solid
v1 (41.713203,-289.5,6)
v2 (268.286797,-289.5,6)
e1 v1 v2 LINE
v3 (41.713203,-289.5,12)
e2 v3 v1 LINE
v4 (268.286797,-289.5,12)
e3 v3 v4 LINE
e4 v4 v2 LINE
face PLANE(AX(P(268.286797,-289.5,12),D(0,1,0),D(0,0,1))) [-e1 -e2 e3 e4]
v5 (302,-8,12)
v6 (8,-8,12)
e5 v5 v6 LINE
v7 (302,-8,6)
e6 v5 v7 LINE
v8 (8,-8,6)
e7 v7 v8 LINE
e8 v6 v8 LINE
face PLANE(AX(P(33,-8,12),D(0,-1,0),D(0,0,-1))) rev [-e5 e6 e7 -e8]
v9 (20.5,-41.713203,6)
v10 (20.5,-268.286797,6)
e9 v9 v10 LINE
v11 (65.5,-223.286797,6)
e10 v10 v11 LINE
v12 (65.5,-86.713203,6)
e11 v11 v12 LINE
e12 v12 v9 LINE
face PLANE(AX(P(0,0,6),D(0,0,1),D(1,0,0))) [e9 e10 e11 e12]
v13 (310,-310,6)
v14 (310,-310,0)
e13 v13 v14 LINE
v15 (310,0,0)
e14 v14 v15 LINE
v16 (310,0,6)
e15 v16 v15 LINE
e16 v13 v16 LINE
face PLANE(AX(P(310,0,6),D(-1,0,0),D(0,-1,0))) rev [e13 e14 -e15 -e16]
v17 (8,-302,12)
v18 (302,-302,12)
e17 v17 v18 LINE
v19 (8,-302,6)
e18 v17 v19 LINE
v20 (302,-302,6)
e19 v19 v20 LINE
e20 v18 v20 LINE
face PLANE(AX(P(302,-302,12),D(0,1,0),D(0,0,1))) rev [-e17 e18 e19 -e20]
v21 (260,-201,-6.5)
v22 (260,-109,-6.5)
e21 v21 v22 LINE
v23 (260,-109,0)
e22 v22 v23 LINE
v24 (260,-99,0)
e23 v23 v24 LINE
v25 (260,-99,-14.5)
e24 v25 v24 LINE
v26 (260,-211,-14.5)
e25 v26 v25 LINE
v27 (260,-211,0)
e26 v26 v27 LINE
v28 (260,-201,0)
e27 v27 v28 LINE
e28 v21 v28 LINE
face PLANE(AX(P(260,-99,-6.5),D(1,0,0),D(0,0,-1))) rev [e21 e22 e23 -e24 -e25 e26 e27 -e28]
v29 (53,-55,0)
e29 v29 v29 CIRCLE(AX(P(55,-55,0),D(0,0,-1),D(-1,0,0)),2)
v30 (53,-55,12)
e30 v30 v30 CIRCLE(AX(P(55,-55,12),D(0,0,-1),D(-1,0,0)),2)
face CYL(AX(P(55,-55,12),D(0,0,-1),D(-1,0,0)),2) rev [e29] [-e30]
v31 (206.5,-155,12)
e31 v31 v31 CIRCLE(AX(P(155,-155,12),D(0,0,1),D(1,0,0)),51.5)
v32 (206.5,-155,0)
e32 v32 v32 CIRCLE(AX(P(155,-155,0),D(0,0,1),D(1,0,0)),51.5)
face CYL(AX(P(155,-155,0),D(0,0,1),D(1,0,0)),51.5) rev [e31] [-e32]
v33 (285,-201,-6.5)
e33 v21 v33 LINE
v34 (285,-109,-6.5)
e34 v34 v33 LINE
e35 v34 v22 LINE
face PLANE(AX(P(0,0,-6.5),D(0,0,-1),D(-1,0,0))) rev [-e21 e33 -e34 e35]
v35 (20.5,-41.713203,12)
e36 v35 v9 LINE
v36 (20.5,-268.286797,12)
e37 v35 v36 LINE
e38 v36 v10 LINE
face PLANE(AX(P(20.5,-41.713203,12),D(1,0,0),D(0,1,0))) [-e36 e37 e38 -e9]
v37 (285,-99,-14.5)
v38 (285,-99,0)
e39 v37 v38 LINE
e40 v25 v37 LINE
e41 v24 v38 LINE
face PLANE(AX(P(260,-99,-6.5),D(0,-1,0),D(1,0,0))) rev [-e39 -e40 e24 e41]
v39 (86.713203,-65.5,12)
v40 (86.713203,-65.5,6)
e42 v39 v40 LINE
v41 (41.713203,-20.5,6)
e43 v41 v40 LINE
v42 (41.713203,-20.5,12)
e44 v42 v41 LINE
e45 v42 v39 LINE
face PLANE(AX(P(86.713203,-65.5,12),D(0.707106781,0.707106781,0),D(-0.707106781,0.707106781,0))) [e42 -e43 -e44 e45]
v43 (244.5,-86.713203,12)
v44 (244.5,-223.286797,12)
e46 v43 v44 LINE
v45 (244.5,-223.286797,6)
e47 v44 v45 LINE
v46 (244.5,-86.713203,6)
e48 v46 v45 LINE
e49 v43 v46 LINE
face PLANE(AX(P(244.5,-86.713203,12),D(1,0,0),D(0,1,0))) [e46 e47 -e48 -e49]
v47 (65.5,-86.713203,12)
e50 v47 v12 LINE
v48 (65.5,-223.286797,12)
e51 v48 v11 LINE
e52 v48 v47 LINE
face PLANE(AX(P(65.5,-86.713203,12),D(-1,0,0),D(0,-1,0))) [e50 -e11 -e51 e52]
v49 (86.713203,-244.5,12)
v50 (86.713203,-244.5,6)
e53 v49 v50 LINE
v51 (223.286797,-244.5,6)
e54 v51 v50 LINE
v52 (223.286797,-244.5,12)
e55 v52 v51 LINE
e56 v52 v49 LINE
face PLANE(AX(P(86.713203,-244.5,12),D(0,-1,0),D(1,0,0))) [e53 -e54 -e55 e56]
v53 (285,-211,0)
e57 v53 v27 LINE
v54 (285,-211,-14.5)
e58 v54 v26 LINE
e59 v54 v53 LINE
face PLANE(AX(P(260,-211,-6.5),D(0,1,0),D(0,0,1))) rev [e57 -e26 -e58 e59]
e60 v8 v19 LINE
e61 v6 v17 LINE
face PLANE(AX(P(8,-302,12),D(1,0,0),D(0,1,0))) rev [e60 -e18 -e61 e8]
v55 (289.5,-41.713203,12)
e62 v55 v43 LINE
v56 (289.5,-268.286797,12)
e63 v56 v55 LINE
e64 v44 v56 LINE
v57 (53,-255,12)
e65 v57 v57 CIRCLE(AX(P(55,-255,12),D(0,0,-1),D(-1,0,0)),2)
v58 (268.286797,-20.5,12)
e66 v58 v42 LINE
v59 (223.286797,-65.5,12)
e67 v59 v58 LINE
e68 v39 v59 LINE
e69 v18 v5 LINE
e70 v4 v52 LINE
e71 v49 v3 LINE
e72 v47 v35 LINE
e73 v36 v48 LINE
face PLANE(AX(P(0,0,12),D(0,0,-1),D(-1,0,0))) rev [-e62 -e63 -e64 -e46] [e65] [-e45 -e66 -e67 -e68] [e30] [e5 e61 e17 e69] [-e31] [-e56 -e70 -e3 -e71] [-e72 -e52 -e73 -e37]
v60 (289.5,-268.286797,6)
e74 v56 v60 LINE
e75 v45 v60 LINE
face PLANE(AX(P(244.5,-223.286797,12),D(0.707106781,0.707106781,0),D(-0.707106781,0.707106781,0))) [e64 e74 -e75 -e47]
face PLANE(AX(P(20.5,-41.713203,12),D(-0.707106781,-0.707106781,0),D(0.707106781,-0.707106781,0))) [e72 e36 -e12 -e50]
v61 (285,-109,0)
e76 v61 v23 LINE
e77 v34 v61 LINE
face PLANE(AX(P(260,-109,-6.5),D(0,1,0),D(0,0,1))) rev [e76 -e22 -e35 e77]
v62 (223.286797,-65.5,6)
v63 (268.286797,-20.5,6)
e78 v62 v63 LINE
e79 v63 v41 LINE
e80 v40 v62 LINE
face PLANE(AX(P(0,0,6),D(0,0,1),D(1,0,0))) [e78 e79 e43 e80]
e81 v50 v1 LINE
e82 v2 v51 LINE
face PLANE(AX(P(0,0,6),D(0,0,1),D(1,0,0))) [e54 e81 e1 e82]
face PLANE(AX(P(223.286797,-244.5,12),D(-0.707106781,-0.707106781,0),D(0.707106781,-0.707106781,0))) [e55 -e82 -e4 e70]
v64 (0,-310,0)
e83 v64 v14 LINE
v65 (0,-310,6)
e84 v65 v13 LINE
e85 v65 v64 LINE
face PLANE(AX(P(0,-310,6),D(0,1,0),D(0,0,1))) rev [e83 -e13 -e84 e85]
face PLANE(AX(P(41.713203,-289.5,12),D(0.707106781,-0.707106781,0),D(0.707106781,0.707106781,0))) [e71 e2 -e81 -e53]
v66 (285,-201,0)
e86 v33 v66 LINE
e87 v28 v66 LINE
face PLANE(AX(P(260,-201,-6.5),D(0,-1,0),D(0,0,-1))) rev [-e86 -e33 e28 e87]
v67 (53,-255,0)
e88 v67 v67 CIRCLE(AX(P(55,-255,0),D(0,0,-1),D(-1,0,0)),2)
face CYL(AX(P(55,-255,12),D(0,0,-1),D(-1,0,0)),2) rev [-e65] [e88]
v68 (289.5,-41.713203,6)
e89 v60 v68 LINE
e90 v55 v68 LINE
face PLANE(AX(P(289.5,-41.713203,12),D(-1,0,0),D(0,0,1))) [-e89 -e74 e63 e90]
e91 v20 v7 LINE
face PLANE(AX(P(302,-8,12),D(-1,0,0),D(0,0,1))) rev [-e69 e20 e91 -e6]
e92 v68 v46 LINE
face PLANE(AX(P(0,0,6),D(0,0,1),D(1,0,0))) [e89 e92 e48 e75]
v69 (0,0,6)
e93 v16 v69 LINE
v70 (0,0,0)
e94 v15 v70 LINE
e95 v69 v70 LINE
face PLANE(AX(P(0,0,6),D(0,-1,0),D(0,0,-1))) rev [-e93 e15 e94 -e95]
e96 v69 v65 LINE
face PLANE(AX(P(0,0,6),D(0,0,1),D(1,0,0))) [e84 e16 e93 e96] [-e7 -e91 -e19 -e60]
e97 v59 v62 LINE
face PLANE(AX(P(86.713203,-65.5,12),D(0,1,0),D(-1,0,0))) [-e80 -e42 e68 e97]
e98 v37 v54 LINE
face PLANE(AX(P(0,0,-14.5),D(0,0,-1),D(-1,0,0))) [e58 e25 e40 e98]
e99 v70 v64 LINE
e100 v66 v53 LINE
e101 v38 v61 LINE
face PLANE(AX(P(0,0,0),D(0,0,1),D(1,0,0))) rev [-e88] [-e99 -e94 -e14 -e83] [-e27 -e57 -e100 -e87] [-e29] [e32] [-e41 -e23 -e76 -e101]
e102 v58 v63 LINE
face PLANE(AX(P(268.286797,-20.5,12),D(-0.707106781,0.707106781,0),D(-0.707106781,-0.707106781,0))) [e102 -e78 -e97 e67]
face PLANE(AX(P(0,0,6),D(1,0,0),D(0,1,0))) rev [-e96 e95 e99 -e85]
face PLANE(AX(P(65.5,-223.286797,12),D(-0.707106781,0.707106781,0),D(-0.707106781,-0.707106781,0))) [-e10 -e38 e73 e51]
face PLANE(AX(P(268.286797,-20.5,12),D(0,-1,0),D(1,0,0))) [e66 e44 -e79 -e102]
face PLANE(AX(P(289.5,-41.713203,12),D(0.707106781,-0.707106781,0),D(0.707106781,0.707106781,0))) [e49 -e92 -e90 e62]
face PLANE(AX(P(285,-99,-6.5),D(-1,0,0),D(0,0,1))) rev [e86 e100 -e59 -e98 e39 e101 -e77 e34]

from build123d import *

# Parameters (mm, degrees)
SKETCH1_W           = 310
SKETCH1_H           = 310
BOSS_EXTRUDE1_DEPTH = 6
BOSS_EXTRUDE2_DEPTH = 6
SKETCH4_R           = 51.5
CUT_EXTRUDE1_DEPTH  = 439.570404838
SKETCH11_R          = 2
CUT_EXTRUDE5_DEPTH  = 439.570404838
SKETCH12_W          = 25
SKETCH12_H          = 10
BOSS_EXTRUDE3_DEPTH = 6.5
SKETCH13_W          = 25
SKETCH13_H          = 112
BOSS_EXTRUDE4_DEPTH = 8


with BuildPart() as part:
    # Sketch1 → Boss-Extrude1 (new body)
    with BuildSketch(Plane.XY):
        with Locations((155, -155)):
            Rectangle(SKETCH1_W, SKETCH1_H)
    extrude(amount=BOSS_EXTRUDE1_DEPTH)

    # Sketch3 → Boss-Extrude2 (add)
    with BuildSketch(Plane.XY.offset(6)):
        Polygon((302, -8), (302, -33), (302, -277), (302, -302), (277, -302), (33, -302), (8, -302), (8, -277), (8, -33), (8, -8), (33, -8), (277, -8), align=None)
        Polygon((268.286796564, -20.5), (223.286796564, -65.5), (86.713203436, -65.5), (41.713203436, -20.5), align=None, mode=Mode.SUBTRACT)
        Polygon((20.5, -41.713203436), (65.5, -86.713203436), (65.5, -223.286796564), (20.5, -268.286796564), align=None, mode=Mode.SUBTRACT)
        Polygon((41.713203436, -289.5), (86.713203436, -244.5), (223.286796564, -244.5), (268.286796564, -289.5), align=None, mode=Mode.SUBTRACT)
        Polygon((289.5, -41.713203436), (244.5, -86.713203436), (244.5, -223.286796564), (289.5, -268.286796564), align=None, mode=Mode.SUBTRACT)
    extrude(amount=BOSS_EXTRUDE2_DEPTH)

    # Sketch4 → Cut-Extrude1 (cut, through all)
    with BuildSketch(Plane.XY.offset(12)):
        with Locations((155, -155)):
            Circle(SKETCH4_R)
    extrude(amount=-CUT_EXTRUDE1_DEPTH, mode=Mode.SUBTRACT)

    # Sketch11 → Cut-Extrude5 (cut, through all)
    with BuildSketch(Plane(origin=(0, 0, 0), x_dir=(-1, 0, 0), z_dir=(0, 0, -1))):
        with Locations((-55, -55)):
            Circle(SKETCH11_R)
        with Locations((-55, -255)):
            Circle(SKETCH11_R)
    extrude(amount=-CUT_EXTRUDE5_DEPTH, mode=Mode.SUBTRACT)

    # Sketch12 → Boss-Extrude3 (add)
    with BuildSketch(Plane(origin=(0, 0, 0), x_dir=(-1, 0, 0), z_dir=(0, 0, -1))):
        with Locations((-272.5, -104)):
            Rectangle(SKETCH12_W, SKETCH12_H)
        with Locations((-272.5, -206)):
            Rectangle(SKETCH12_W, SKETCH12_H)
    extrude(amount=BOSS_EXTRUDE3_DEPTH)

    # Sketch13 → Boss-Extrude4 (add)
    with BuildSketch(Plane(origin=(0, 0, -6.5), x_dir=(-1, 0, 0), z_dir=(0, 0, -1))):
        with Locations((-272.5, -155)):
            Rectangle(SKETCH13_W, SKETCH13_H)
    extrude(amount=BOSS_EXTRUDE4_DEPTH)


solid = part.part
